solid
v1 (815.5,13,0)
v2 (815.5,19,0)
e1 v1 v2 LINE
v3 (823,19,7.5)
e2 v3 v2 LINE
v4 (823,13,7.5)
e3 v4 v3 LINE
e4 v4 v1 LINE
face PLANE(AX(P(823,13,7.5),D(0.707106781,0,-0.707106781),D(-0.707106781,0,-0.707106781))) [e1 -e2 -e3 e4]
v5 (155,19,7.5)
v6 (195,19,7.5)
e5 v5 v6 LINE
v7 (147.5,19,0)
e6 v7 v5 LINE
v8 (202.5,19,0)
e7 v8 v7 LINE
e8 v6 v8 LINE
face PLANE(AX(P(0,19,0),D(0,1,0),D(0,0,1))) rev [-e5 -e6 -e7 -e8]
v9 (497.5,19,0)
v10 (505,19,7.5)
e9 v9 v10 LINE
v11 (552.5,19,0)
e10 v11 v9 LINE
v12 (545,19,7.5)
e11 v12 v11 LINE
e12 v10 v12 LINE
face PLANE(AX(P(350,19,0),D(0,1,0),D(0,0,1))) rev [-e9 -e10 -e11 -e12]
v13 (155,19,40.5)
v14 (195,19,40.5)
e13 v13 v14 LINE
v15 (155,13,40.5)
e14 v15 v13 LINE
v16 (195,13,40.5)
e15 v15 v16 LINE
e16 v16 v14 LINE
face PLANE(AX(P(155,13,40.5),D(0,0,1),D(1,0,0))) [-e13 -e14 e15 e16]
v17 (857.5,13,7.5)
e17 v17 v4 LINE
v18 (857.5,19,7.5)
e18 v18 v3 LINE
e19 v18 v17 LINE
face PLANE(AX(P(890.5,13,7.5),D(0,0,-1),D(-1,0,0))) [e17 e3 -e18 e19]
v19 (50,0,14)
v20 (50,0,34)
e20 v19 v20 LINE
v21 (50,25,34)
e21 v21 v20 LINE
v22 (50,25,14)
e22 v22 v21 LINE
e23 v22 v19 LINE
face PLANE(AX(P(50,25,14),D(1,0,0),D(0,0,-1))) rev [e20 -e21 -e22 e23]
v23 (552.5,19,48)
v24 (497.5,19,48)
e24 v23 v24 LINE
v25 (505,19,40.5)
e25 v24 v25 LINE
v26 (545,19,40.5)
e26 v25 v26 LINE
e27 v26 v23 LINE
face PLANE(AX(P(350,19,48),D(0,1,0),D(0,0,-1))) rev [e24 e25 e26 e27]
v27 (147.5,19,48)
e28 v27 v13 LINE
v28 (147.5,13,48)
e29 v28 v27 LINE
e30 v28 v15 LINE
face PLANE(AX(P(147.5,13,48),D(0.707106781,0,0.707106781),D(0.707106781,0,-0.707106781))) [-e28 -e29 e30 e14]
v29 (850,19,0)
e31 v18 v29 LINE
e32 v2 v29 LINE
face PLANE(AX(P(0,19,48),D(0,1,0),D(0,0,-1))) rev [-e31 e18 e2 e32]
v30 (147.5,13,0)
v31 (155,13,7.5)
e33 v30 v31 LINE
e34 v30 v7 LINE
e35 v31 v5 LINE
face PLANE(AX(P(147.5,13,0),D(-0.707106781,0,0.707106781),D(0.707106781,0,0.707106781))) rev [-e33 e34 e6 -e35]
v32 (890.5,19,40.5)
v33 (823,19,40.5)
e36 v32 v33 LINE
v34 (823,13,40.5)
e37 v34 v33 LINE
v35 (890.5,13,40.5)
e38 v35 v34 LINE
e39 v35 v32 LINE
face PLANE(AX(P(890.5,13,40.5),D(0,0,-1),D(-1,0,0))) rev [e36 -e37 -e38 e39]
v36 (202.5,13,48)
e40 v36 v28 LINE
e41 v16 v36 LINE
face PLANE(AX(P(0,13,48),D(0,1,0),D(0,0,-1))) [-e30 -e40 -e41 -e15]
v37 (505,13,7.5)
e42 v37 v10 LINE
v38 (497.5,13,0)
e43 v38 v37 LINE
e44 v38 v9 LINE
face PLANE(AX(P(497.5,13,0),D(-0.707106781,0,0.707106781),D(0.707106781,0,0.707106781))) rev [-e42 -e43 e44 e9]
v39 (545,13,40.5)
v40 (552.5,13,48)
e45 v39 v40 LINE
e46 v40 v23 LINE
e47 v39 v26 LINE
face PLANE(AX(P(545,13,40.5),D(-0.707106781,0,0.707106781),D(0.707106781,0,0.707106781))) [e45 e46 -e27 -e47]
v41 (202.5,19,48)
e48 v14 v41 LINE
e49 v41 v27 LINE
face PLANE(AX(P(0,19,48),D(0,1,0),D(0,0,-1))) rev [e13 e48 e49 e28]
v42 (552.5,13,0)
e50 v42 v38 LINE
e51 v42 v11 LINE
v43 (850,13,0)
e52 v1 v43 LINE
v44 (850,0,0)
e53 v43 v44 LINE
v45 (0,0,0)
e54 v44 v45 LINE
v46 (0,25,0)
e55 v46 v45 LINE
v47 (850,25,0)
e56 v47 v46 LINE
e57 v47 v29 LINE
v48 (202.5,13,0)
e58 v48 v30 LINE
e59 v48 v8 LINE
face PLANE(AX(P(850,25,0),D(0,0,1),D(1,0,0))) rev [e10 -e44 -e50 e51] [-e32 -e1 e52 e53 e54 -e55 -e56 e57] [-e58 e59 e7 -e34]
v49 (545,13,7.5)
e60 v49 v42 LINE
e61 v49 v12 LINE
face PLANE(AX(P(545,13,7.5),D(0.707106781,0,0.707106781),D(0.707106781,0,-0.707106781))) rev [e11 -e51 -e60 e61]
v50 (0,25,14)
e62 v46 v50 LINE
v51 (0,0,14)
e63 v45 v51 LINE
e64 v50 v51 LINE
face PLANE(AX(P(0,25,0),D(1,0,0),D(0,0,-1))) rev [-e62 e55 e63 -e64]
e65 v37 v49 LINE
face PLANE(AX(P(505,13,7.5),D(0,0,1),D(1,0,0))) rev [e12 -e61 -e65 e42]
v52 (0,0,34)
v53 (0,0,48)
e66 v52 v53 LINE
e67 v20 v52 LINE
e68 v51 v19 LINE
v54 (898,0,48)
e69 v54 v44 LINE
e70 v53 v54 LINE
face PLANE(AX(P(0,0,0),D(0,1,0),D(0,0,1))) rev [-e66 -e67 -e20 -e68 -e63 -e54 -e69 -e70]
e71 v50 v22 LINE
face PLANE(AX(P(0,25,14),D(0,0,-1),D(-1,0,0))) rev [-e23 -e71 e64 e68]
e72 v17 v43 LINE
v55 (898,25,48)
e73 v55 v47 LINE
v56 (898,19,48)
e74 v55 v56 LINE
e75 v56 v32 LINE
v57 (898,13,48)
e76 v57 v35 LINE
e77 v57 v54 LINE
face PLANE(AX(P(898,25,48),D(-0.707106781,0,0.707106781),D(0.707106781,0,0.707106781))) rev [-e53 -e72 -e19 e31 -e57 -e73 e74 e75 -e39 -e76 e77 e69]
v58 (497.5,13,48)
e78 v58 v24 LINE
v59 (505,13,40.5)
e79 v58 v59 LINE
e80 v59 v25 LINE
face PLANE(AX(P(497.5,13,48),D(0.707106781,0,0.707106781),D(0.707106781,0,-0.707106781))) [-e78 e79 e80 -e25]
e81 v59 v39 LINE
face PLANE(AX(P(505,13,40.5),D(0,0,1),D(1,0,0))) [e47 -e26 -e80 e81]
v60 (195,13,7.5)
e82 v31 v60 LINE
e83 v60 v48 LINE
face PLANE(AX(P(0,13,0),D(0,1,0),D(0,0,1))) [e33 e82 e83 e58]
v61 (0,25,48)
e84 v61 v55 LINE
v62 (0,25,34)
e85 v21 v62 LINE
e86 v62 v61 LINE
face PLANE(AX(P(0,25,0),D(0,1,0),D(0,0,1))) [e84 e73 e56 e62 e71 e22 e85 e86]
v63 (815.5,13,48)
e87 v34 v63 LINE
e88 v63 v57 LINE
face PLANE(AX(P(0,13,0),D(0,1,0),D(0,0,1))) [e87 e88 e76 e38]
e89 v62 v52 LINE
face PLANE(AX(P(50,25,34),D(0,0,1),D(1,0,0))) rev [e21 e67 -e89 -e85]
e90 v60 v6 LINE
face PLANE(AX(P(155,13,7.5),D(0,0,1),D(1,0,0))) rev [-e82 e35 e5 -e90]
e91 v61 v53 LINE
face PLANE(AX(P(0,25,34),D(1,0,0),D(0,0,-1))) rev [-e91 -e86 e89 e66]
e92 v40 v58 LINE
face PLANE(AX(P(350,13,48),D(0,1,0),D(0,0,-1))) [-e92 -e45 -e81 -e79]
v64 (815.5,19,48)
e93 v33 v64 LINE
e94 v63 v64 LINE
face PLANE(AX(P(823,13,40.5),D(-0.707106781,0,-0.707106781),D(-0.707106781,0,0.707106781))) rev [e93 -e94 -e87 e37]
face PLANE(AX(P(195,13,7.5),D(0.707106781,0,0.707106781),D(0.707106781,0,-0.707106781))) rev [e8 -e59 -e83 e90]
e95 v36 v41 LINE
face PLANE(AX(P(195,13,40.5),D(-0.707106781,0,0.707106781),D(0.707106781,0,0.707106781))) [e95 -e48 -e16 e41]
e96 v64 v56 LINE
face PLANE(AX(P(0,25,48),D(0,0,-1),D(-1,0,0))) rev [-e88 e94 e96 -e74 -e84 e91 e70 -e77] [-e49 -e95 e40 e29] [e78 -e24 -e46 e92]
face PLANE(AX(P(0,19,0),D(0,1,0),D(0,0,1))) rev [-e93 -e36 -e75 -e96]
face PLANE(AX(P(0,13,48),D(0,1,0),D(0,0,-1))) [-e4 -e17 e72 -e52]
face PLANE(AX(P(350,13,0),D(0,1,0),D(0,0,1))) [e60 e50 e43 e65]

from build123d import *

# Parameters (mm, degrees)
EXTRUDE_1_DEPTH        = 25
CUT_EXTRUDE_START      = -6
CUT_EXTRUDE_2_DEPTH    = 6
PATTERN_LINEAR_1_COUNT = 2
PATTERN_LINEAR_1_PITCH = 350
MIRROR_START           = -6
MIRROR_1_COPY_1_DEPTH  = 6
CUT_EXTRUDE_3_DEPTH    = 6


with BuildPart() as part:
    # 草图1 → 凸台-拉伸1 (new body)
    with BuildSketch(Plane(origin=(0, 0, 0), x_dir=(1, 0, 0), z_dir=(0, 1, 0))):
        Polygon((0, 0), (0, -14), (50, -14), (50, -34), (0, -34), (0, -48), (898, -48), (850, 0), align=None)
    extrude(amount=EXTRUDE_1_DEPTH)

    # 草图5 → 切除-拉伸2 (cut)
    with BuildSketch(Plane(origin=(0, 25, 0), x_dir=(1, 0, 0), z_dir=(0, 1, 0)).offset(CUT_EXTRUDE_START)):
        Polygon((147.5, 0), (155, -7.5), (195, -7.5), (202.5, 0), align=None)
    cut_extrude_2 = extrude(amount=-CUT_EXTRUDE_2_DEPTH, mode=Mode.SUBTRACT)

    # 阵列(线性)1: 切除-拉伸2 ×2
    with Locations(*[(i * PATTERN_LINEAR_1_PITCH, 0, 0) for i in range(1, PATTERN_LINEAR_1_COUNT)]):
        add(cut_extrude_2, mode=Mode.SUBTRACT)

    # 镜向1: 切除-拉伸2 across plane
    add(cut_extrude_2.mirror(Plane.XY.offset(24)), mode=Mode.SUBTRACT)

    # 镜向1 copy 1 sketch → 镜向1 copy 1 (cut)
    with BuildSketch(Plane(origin=(350, 25, 48), x_dir=(1, 0, 0), z_dir=(0, 1, 0)).offset(MIRROR_START)):
        Polygon((147.5, 0), (155, 7.5), (195, 7.5), (202.5, 0), align=None)
    extrude(amount=-MIRROR_1_COPY_1_DEPTH, mode=Mode.SUBTRACT)

    # 草图6 → 切除-拉伸3 (cut)
    with BuildSketch(Plane(origin=(0, 25, 0), x_dir=(1, 0, 0), z_dir=(0, 1, 0)).offset(CUT_EXTRUDE_START)):
        Polygon((890.5, -40.5), (823, -40.5), (815.5, -48), (898, -48), align=None)
    cut_extrude_3 = extrude(amount=-CUT_EXTRUDE_3_DEPTH, mode=Mode.SUBTRACT)

    # 镜向2: 切除-拉伸3 across plane
    add(cut_extrude_3.mirror(Plane.XY.offset(24)), mode=Mode.SUBTRACT)


solid = part.part
